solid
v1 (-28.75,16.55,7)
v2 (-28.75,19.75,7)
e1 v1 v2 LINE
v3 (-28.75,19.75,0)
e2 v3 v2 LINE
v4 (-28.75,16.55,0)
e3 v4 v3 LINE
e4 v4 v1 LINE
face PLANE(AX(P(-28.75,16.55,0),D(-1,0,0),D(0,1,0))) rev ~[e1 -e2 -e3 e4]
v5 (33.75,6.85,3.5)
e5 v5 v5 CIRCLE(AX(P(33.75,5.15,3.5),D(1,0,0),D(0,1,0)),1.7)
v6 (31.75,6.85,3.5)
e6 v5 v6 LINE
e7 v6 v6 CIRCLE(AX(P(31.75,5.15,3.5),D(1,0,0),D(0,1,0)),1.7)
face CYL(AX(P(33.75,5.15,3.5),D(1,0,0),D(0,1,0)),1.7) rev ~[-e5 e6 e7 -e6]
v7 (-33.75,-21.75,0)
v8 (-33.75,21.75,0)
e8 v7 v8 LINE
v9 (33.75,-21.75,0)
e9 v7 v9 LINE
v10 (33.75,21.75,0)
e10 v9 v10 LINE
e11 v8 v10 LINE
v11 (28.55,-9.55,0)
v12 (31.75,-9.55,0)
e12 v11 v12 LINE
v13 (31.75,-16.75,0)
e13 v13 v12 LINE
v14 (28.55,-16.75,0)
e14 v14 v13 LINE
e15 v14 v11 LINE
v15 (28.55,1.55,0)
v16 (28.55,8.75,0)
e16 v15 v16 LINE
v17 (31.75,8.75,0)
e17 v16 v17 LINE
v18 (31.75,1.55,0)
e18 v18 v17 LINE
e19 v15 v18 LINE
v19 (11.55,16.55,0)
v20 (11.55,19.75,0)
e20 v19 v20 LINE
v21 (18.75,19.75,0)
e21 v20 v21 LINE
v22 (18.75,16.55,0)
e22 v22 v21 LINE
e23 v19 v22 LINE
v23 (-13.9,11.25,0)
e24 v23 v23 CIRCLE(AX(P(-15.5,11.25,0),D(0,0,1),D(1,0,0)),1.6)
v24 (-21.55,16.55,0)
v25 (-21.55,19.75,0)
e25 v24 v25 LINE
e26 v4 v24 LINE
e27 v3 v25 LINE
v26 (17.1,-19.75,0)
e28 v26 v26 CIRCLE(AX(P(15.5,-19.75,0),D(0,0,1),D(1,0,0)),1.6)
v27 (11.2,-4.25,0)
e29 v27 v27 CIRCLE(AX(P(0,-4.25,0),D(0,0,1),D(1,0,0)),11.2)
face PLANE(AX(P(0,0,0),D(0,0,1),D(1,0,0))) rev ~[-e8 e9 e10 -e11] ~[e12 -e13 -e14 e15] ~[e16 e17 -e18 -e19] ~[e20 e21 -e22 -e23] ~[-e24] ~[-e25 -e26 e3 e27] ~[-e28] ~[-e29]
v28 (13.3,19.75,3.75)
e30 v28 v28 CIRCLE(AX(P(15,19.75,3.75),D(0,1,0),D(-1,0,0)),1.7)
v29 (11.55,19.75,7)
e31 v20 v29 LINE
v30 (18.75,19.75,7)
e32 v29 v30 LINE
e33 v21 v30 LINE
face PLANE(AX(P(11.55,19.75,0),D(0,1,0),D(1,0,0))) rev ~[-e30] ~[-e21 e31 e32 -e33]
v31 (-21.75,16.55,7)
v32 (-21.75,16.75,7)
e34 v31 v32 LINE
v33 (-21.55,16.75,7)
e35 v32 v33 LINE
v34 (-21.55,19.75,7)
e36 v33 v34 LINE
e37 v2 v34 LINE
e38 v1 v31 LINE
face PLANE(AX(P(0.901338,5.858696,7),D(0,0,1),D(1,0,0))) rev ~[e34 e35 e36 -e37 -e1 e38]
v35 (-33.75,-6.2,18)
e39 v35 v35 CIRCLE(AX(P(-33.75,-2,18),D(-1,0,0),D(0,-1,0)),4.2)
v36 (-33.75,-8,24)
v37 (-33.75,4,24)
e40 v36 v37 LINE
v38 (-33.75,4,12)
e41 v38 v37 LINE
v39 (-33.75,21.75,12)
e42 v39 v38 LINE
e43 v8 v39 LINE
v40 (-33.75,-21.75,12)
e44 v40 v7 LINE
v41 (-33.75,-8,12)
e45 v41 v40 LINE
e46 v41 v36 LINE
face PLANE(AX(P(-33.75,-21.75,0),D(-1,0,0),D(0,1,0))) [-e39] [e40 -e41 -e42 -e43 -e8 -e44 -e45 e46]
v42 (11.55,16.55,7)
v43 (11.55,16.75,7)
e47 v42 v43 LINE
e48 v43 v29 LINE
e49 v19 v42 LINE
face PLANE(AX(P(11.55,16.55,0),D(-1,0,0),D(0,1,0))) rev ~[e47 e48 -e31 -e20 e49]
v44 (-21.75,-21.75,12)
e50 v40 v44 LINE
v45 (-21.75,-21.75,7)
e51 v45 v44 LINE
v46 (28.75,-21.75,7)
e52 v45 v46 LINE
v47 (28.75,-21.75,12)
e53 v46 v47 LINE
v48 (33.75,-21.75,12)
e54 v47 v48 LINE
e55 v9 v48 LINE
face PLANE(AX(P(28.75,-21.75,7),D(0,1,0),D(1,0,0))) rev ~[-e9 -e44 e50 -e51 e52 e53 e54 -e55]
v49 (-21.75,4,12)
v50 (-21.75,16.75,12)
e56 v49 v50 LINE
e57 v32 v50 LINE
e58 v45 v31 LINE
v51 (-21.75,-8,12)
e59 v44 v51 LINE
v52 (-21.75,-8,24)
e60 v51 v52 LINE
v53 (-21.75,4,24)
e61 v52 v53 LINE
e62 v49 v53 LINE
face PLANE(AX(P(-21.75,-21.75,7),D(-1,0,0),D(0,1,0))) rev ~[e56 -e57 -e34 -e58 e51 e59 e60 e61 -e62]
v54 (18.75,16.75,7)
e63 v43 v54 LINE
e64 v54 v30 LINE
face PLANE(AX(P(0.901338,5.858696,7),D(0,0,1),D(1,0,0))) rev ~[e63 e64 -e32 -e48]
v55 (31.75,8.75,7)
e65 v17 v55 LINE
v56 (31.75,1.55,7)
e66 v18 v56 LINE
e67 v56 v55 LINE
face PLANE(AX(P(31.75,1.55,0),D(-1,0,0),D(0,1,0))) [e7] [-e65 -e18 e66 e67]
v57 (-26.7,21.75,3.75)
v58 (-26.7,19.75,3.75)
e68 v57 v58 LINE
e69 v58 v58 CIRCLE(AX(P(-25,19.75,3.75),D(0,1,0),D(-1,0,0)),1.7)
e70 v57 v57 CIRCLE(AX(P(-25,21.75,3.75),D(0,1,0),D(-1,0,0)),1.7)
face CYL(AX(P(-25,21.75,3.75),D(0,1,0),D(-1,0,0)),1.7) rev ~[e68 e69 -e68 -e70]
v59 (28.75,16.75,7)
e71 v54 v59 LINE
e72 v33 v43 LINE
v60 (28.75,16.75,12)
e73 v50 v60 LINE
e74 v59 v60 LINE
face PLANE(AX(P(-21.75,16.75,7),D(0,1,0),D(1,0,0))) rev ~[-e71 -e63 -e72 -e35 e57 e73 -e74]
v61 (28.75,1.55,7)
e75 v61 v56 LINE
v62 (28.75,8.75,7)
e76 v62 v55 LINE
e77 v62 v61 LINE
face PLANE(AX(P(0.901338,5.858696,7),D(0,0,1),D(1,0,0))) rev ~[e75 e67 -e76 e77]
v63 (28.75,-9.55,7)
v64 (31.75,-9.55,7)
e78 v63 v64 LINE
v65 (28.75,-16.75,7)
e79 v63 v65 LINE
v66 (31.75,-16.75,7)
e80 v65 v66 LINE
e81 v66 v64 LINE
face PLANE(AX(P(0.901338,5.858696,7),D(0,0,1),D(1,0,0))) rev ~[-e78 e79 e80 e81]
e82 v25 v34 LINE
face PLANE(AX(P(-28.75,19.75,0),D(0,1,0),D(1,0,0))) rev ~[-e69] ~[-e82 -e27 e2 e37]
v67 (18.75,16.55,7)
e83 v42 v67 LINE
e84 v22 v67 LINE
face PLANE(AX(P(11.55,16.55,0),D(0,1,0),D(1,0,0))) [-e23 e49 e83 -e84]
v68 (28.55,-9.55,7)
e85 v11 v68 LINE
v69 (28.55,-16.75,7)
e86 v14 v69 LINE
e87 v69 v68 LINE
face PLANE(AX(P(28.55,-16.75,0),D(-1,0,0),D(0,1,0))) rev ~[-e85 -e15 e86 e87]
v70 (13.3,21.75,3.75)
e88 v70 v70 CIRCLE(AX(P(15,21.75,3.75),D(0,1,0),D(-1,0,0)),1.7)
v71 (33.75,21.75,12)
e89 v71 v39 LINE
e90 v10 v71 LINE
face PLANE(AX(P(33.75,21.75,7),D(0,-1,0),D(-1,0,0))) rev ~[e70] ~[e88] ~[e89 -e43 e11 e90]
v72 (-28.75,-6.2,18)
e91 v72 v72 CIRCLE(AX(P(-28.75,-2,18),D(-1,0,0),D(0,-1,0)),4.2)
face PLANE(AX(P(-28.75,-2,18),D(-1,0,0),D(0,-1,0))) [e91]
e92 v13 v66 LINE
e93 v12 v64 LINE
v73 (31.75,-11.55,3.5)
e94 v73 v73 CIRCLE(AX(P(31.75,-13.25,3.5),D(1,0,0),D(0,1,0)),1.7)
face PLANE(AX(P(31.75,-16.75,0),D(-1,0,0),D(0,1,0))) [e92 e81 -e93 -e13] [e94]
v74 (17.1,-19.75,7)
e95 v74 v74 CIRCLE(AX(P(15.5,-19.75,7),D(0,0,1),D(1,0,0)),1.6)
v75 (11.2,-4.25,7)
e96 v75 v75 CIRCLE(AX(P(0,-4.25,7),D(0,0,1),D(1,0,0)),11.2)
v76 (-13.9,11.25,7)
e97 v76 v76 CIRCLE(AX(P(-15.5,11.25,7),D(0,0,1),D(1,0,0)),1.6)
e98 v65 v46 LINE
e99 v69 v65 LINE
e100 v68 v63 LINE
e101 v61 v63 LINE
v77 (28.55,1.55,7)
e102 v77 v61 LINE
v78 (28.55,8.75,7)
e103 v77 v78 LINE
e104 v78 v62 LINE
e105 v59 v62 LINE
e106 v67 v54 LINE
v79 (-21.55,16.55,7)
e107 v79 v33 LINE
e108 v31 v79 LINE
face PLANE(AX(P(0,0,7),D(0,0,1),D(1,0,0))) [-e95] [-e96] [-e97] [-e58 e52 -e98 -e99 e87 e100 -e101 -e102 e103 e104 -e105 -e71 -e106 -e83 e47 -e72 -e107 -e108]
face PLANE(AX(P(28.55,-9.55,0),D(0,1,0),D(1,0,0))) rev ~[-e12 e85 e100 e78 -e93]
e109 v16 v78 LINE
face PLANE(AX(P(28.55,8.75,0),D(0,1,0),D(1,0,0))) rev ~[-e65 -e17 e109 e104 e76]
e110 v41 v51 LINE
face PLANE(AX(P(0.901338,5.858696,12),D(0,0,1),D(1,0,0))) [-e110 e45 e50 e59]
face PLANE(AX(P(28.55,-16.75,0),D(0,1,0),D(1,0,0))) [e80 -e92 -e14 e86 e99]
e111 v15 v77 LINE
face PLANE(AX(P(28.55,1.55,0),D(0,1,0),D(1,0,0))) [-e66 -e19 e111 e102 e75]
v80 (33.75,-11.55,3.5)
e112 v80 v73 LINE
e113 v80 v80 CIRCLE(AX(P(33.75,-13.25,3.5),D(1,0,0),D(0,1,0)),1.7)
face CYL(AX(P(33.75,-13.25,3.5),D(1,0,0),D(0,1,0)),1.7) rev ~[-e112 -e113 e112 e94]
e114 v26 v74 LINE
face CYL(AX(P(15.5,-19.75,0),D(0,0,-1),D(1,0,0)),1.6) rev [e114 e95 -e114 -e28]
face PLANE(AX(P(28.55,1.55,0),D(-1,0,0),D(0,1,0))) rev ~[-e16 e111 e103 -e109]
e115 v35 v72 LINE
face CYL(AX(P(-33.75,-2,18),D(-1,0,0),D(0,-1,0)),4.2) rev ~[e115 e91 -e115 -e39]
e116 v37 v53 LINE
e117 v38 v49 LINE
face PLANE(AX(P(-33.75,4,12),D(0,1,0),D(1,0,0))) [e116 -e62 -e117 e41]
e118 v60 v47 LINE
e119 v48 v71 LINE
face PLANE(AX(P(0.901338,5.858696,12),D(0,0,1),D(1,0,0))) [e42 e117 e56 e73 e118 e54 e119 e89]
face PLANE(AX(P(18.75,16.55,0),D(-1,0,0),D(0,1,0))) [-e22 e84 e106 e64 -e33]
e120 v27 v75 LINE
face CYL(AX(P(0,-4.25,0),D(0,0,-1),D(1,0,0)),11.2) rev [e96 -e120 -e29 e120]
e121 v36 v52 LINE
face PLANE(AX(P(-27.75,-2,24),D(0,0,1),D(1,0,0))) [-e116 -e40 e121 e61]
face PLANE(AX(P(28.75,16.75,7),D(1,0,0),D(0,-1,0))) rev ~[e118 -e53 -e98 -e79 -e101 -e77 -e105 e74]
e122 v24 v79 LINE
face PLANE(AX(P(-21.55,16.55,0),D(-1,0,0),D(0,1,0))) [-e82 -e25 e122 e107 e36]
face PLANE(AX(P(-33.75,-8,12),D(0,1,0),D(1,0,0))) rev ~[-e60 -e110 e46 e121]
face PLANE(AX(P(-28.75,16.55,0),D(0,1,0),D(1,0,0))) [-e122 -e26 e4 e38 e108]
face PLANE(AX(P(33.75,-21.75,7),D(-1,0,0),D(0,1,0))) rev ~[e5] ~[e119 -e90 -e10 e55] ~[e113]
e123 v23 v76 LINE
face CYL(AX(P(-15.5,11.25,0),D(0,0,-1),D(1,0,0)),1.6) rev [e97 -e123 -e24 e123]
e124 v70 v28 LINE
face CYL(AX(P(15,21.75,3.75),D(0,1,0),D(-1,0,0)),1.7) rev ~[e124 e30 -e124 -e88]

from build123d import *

# Parameters (mm, degrees)
SKETCH_W        = 67.5
SKETCH_H        = 43.5
SKETCH_R        = 11.2
SKETCH_R_2      = 1.6
SKETCH_W_2      = 7.2
SKETCH_H_2      = 3.2
SKETCH_W_3      = 3.2
SKETCH_H_3      = 7.2
PAD_DEPTH       = 7
PAD001_DEPTH    = 5
SKETCH002_W     = 12
SKETCH002_H     = 12
PAD002_DEPTH    = 12
SKETCH003_R     = 4.2
POCKET_DEPTH    = 5
SKETCH004_R     = 1.7
POCKET001_DEPTH = 5
SKETCH005_R     = 1.7
POCKET002_DEPTH = 5


with BuildPart() as part:
    # Sketch → Pad (new body)
    with BuildSketch(Plane.XY):
        Rectangle(SKETCH_W, SKETCH_H)
        with Locations((0, -4.25)):
            Circle(SKETCH_R, mode=Mode.SUBTRACT)
        with Locations((-15.5, 11.25)):
            Circle(SKETCH_R_2, mode=Mode.SUBTRACT)
        with Locations((15.5, -19.75)):
            Circle(SKETCH_R_2, mode=Mode.SUBTRACT)
        with Locations((15.15, 18.15)):
            Rectangle(SKETCH_W_2, SKETCH_H_2, mode=Mode.SUBTRACT)
        with Locations((-25.15, 18.15)):
            Rectangle(SKETCH_W_2, SKETCH_H_2, mode=Mode.SUBTRACT)
        with Locations((30.15, 5.15)):
            Rectangle(SKETCH_W_3, SKETCH_H_3, mode=Mode.SUBTRACT)
        with Locations((30.15, -13.15)):
            Rectangle(SKETCH_W_3, SKETCH_H_3, mode=Mode.SUBTRACT)
    extrude(amount=PAD_DEPTH)

    # Sketch001 → Pad001 (new body)
    with BuildSketch(Plane.XY.offset(7)):
        Polygon((28.75, -21.75), (33.75, -21.75), (33.75, 21.75), (-33.75, 21.75), (-33.75, -21.75), (-21.75, -21.75), (-21.75, 16.75), (28.75, 16.75), align=None)
    extrude(amount=PAD001_DEPTH)

    # Sketch002 → Pad002 (new body)
    with BuildSketch(Plane.XY.offset(12)):
        with Locations((-27.75, -2)):
            Rectangle(SKETCH002_W, SKETCH002_H)
    extrude(amount=PAD002_DEPTH)

    # Sketch003 → Pocket (cut)
    with BuildSketch(Plane(origin=(-33.75, 0, 0), x_dir=(0, -1, 0), z_dir=(-1, 0, 0))):
        with Locations((2, 18)):
            Circle(SKETCH003_R)
    extrude(amount=-POCKET_DEPTH, mode=Mode.SUBTRACT)

    # Sketch004 → Pocket001 (cut)
    with BuildSketch(Plane(origin=(0, 21.75, 0), x_dir=(-1, 0, 0), z_dir=(0, 1, 0))):
        with Locations((25, 3.75)):
            Circle(SKETCH004_R)
        with Locations((-15, 3.75)):
            Circle(SKETCH004_R)
    extrude(amount=-POCKET001_DEPTH, mode=Mode.SUBTRACT)

    # Sketch005 → Pocket002 (cut)
    with BuildSketch(Plane.YZ.offset(33.75)):
        with Locations((5.15, 3.5)):
            Circle(SKETCH005_R)
        with Locations((-13.25, 3.5)):
            Circle(SKETCH005_R)
    extrude(amount=-POCKET002_DEPTH, mode=Mode.SUBTRACT)


solid = part.part
